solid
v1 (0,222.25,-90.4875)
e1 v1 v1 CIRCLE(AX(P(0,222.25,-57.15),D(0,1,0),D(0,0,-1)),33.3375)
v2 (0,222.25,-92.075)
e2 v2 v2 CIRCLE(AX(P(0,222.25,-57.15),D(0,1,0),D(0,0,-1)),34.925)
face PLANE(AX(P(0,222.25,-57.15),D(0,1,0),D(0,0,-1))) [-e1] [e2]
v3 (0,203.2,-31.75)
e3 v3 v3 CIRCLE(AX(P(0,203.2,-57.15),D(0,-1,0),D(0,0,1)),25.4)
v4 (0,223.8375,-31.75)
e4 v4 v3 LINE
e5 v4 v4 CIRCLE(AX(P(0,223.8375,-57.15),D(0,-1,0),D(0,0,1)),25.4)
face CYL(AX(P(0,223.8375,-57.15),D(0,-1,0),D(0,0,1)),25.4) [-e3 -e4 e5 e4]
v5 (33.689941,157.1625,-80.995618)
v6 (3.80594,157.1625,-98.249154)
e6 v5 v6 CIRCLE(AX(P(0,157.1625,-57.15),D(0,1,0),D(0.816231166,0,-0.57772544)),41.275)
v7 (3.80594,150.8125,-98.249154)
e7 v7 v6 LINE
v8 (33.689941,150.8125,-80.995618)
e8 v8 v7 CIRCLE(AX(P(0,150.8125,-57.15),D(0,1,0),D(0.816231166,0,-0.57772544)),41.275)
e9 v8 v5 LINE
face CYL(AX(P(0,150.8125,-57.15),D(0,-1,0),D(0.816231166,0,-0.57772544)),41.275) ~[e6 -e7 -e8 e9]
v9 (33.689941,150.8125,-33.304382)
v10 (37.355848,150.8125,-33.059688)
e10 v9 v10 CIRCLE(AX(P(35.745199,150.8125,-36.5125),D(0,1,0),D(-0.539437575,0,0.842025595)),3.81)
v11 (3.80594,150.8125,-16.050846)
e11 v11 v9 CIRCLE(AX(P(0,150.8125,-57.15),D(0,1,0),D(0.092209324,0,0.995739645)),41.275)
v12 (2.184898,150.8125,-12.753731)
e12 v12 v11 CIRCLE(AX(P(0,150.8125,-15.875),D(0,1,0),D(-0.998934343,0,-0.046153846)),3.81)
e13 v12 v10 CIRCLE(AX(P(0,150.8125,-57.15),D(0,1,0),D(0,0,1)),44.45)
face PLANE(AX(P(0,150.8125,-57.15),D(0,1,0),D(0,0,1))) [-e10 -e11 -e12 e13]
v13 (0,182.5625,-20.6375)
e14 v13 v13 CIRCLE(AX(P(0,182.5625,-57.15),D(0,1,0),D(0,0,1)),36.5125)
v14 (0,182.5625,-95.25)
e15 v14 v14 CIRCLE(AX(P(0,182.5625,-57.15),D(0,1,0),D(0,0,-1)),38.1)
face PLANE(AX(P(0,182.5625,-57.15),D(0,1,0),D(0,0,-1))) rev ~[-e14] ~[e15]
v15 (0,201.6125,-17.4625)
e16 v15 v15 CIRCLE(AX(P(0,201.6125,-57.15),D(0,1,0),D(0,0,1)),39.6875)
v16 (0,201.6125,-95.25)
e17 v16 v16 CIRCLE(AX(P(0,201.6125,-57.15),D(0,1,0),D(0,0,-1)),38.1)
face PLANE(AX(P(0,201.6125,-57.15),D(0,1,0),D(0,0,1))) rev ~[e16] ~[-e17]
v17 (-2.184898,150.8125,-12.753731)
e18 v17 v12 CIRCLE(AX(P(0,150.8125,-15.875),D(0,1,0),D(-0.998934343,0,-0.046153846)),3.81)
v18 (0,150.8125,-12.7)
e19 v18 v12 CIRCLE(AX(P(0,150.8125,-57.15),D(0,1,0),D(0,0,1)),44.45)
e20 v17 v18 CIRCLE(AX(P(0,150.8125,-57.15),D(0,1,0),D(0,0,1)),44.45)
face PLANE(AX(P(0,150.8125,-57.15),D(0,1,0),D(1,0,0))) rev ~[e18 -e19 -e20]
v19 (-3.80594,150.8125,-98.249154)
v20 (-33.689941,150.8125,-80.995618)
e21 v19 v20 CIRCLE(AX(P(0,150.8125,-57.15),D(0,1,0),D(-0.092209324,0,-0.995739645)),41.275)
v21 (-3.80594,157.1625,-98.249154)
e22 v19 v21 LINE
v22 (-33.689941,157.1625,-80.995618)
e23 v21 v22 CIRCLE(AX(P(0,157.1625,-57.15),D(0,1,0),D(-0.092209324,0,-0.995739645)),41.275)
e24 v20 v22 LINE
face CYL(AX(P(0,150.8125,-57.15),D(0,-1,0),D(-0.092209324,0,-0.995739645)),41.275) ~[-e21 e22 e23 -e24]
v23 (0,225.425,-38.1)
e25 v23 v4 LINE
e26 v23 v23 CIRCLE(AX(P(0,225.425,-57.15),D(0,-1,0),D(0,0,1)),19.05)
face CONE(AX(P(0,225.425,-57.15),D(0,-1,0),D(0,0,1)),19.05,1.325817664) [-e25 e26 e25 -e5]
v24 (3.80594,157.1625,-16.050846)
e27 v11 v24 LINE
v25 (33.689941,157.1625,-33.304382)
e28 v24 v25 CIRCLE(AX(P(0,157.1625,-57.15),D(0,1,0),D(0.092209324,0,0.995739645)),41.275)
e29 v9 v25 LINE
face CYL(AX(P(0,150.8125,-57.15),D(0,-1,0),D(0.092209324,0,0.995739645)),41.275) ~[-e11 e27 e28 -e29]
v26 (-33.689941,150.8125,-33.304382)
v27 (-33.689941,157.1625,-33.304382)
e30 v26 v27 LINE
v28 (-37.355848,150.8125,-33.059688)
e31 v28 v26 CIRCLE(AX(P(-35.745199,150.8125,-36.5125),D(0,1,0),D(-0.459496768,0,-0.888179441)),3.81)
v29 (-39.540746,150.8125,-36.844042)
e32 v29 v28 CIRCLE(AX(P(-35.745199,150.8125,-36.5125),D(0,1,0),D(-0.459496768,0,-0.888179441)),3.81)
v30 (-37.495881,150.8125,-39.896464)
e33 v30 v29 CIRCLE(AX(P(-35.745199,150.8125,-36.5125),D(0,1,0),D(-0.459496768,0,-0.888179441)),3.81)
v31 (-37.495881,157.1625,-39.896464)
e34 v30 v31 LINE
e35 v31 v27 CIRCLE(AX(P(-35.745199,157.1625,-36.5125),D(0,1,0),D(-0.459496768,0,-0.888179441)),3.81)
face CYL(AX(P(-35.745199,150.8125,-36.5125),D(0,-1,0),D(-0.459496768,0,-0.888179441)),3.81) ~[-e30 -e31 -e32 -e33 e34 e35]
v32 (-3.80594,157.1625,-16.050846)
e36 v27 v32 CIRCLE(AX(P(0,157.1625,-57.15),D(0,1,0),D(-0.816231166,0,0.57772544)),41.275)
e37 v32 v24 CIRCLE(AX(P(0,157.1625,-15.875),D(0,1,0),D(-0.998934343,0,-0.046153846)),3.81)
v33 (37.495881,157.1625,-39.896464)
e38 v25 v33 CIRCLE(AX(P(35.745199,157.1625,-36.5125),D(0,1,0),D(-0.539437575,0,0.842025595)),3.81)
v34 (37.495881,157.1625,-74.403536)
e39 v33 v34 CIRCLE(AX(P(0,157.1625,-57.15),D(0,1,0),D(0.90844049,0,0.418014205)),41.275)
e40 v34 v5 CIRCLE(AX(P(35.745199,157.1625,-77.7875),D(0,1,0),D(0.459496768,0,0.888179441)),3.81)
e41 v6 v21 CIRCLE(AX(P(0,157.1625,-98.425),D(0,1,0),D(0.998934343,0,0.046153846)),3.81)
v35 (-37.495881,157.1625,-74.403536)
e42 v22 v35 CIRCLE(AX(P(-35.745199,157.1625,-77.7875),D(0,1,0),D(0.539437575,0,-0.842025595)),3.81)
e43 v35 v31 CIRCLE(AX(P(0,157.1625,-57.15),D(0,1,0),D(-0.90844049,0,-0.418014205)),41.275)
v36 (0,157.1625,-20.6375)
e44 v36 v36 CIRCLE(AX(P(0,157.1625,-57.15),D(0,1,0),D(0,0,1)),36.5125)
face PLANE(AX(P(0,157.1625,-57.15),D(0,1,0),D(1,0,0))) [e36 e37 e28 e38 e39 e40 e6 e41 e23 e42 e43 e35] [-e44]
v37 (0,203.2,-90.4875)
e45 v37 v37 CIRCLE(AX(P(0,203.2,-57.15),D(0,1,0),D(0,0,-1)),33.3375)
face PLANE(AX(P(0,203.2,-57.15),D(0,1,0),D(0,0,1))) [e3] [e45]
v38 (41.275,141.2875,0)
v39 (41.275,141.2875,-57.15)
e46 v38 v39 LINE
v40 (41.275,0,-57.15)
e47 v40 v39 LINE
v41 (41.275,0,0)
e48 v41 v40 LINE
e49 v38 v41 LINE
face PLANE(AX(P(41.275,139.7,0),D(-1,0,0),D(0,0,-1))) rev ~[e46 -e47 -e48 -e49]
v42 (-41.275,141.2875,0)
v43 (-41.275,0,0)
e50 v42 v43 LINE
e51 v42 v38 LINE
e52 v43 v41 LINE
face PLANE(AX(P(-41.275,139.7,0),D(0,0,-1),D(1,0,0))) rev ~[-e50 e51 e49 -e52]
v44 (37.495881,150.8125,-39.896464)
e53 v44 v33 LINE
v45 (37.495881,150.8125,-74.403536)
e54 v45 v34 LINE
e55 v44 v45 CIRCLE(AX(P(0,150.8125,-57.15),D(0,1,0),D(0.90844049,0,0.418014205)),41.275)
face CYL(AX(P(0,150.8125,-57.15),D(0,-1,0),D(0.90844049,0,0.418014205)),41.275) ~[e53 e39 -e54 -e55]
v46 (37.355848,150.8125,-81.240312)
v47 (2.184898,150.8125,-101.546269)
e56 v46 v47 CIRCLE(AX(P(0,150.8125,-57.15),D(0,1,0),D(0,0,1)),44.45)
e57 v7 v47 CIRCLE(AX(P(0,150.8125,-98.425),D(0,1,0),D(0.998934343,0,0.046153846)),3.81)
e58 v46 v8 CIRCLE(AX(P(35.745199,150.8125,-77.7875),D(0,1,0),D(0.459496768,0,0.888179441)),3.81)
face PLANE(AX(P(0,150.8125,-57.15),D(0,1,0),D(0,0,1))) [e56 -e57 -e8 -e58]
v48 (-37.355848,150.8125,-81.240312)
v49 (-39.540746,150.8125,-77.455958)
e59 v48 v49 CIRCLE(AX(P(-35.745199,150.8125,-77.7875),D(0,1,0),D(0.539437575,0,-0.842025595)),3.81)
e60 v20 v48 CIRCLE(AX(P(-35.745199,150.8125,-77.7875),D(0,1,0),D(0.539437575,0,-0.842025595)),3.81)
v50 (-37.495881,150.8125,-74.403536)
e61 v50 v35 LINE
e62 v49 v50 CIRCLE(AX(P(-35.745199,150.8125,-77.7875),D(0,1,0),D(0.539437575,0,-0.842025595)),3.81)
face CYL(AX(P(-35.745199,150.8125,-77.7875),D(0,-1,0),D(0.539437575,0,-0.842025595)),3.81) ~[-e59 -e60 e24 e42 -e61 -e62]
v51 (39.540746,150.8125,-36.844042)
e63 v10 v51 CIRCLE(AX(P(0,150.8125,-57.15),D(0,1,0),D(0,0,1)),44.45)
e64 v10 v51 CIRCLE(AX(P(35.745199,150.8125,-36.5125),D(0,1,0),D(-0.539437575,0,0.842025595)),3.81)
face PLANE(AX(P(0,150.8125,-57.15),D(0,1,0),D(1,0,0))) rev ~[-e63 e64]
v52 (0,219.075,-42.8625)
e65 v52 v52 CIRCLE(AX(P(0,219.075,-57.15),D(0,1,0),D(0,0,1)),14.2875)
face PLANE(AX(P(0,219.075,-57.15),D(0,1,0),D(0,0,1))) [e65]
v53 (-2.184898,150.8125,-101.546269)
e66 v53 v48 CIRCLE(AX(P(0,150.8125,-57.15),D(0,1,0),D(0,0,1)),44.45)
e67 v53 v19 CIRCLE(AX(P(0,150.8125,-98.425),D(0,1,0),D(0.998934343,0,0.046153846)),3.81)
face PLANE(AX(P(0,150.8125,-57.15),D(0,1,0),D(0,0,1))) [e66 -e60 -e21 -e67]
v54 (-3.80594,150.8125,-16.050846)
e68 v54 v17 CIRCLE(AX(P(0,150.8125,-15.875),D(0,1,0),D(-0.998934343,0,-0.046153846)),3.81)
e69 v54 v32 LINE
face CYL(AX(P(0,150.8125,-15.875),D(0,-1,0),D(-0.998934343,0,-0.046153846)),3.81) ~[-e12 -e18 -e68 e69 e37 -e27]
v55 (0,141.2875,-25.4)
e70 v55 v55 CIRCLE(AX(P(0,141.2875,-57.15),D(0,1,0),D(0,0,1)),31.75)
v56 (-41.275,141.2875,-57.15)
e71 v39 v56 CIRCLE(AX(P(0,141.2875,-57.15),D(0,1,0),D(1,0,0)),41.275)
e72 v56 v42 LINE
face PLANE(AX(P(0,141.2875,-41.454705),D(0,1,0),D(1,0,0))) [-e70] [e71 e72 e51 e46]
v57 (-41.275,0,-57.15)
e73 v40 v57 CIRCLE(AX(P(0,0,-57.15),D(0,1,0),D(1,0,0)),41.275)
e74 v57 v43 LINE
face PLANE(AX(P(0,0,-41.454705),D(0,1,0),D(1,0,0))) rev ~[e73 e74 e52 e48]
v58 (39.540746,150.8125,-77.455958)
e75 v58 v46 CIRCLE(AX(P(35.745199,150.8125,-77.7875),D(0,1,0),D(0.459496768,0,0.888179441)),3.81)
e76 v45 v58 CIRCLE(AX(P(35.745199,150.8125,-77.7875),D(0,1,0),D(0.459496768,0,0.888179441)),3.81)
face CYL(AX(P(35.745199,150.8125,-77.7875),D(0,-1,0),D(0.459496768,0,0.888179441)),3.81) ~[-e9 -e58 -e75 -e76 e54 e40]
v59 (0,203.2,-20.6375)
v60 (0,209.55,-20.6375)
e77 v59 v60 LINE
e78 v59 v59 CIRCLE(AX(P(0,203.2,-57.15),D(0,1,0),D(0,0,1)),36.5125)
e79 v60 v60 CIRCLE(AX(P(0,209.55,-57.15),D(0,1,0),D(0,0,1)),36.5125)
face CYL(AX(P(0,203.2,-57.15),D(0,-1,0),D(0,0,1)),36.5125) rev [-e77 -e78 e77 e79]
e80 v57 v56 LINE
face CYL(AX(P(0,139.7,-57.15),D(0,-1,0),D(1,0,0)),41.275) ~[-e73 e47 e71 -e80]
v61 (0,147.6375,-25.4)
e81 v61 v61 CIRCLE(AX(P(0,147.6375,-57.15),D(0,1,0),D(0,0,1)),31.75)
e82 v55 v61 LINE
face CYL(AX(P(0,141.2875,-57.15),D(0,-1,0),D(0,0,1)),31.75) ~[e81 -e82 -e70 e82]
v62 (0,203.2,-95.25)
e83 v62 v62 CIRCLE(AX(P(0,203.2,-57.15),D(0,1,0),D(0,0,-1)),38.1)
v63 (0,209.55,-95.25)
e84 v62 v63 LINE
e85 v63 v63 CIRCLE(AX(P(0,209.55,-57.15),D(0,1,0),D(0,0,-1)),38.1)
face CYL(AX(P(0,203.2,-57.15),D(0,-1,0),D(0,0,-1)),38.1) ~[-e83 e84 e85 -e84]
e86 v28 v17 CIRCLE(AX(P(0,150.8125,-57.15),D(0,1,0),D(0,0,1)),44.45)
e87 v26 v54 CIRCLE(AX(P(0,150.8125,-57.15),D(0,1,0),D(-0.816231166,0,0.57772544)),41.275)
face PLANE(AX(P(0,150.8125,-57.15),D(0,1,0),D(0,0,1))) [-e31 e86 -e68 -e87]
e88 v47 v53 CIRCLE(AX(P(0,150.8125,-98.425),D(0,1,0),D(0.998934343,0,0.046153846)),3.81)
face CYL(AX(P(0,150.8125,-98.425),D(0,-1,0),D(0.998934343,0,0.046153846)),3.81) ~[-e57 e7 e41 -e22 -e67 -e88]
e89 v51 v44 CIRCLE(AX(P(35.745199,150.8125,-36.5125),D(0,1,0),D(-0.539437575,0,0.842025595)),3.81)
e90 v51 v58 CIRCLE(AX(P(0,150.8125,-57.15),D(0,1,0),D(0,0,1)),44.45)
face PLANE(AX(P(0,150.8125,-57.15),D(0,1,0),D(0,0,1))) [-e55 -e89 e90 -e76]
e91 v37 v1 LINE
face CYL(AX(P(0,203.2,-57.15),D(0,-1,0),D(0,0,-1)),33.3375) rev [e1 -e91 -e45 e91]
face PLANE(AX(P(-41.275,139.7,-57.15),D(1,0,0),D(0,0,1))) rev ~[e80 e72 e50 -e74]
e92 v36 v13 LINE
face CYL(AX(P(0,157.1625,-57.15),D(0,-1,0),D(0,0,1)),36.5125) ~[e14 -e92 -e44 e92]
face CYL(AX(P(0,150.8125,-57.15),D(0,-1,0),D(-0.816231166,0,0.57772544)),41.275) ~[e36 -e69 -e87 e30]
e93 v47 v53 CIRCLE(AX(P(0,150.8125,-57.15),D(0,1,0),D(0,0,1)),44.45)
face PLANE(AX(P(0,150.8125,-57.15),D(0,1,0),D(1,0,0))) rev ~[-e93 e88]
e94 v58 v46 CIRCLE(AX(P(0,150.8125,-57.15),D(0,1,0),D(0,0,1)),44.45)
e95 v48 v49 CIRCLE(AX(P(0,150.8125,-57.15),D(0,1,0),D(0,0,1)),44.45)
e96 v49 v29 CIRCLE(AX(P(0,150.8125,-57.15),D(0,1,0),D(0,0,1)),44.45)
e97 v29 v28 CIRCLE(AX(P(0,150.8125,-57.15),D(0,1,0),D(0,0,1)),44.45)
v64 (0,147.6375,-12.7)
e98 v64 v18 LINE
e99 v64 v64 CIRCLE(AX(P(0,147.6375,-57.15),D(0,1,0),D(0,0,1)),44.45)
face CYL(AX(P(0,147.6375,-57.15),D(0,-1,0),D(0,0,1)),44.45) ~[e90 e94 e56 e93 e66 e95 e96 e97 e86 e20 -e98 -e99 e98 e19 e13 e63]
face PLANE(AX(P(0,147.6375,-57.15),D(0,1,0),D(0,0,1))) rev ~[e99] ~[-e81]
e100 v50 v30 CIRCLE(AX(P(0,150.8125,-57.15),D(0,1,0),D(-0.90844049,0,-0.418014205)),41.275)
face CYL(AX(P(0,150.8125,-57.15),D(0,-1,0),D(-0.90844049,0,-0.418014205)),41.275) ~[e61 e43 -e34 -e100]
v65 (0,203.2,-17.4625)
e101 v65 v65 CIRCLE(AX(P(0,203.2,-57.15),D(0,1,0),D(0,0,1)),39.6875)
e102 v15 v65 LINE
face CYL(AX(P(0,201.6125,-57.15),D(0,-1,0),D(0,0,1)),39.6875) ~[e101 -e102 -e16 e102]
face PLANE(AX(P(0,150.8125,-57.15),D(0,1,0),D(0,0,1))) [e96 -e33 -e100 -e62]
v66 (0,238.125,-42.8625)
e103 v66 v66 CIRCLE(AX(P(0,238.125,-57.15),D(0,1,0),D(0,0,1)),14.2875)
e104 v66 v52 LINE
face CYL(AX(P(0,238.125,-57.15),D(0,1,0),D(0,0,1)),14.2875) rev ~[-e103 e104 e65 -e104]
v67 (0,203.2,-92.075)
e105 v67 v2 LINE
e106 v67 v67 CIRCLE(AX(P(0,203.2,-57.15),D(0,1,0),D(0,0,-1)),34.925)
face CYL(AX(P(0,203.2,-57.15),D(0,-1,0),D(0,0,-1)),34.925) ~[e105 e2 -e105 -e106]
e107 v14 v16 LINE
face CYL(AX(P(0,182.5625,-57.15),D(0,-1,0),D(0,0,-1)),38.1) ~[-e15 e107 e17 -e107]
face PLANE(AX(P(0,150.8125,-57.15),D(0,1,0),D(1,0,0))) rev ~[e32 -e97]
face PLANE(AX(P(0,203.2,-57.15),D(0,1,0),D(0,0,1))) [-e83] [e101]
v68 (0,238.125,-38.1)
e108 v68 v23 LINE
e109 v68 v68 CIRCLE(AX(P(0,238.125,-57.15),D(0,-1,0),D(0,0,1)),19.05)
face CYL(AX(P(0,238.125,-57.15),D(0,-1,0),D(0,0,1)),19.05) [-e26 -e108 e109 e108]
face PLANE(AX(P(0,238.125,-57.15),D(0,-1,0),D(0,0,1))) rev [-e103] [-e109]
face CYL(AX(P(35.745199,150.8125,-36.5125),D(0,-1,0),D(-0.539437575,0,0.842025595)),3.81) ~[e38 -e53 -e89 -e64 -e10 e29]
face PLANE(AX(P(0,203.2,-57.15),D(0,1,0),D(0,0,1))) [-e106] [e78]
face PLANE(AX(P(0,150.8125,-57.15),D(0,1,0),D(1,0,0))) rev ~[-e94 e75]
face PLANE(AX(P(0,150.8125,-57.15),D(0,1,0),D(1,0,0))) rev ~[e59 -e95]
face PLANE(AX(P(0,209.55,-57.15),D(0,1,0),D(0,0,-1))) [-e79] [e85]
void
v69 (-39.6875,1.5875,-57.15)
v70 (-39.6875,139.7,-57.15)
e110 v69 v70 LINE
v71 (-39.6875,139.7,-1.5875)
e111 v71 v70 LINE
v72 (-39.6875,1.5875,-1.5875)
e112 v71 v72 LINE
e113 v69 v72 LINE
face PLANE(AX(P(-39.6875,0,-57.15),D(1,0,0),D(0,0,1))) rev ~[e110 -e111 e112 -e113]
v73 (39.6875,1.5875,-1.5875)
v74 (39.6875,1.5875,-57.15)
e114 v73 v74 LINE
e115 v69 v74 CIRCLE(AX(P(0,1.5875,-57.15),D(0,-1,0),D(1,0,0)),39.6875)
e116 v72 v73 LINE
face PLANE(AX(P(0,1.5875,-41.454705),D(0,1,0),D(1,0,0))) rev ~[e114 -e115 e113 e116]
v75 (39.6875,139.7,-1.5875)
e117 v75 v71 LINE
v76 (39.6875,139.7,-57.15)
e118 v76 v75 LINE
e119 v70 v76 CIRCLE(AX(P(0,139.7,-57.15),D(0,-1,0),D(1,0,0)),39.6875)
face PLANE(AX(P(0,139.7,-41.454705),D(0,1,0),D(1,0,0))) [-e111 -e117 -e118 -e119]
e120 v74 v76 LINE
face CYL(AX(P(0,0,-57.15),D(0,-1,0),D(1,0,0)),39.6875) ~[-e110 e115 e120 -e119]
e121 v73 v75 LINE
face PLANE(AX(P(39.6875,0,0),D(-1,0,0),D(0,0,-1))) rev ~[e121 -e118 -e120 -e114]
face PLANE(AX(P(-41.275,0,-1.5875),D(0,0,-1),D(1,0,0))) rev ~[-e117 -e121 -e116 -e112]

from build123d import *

# Parameters (mm, degrees)
BOSS_EXTRUDE1_DEPTH  = 139.7
SHELL1_T             = -1.5875
BOSS_EXTRUDE2_DEPTH  = 1.5875
SKETCH3_R            = 31.75
BOSS_EXTRUDE3_DEPTH  = 6.35
SKETCH4_R            = 44.45
BOSS_EXTRUDE4_DEPTH  = 3.175
BOSS_EXTRUDE5_DEPTH  = 6.35
SKETCH6_R            = 36.5125
BOSS_EXTRUDE6_DEPTH  = 25.4
SKETCH8_R            = 38.1
BOSS_EXTRUDE7_DEPTH  = 19.05
SKETCH9_R            = 39.6875
BOSS_EXTRUDE8_DEPTH  = 1.5875
SKETCH10_R           = 38.1
SKETCH10_R_2         = 36.5125
BOSS_EXTRUDE9_DEPTH  = 6.35
SKETCH12_R           = 34.925
SKETCH12_R_2         = 33.3375
BOSS_EXTRUDE10_DEPTH = 19.05
SKETCH15_R           = 14.2875
CUT_EXTRUDE1_DEPTH   = 19.05


with BuildPart() as part:
    # Sketch1 → Boss-Extrude1 (new body)
    with BuildSketch(Plane(origin=(0, 0, 0), x_dir=(1, 0, 0), z_dir=(0, 1, 0))):
        with BuildLine():
            Line((-41.275, 0), (41.275, 0))
            Line((41.275, 0), (41.275, 57.15))
            ThreePointArc((41.275, 57.15), (0, 98.425), (-41.275, 57.15))
            Line((-41.275, 57.15), (-41.275, 0))
        make_face()
    extrude(amount=BOSS_EXTRUDE1_DEPTH)

    # Shell1
    shell1_openings = [part.faces().sort_by_distance(p)[0] for p in [
        (0, 139.7, -45.257423889),
    ]]
    offset(amount=SHELL1_T, openings=shell1_openings, kind=Kind.INTERSECTION)

    # Sketch2 → Boss-Extrude2 (add)
    with BuildSketch(Plane(origin=(0, 139.7, 0), x_dir=(1, 0, 0), z_dir=(0, 1, 0))):
        with BuildLine():
            Line((41.275, 0), (41.275, 57.15))
            ThreePointArc((41.275, 57.15), (0, 98.425), (-41.275, 57.15))
            Line((-41.275, 57.15), (-41.275, 0))
            Line((-41.275, 0), (41.275, 0))
        make_face()
    extrude(amount=BOSS_EXTRUDE2_DEPTH)

    # Sketch3 → Boss-Extrude3 (add)
    with BuildSketch(Plane(origin=(0, 141.2875, 0), x_dir=(1, 0, 0), z_dir=(0, 1, 0))):
        with Locations(Location((0, 57.15, 0), (0, 0, 270))):
            Circle(SKETCH3_R)
    extrude(amount=BOSS_EXTRUDE3_DEPTH)

    # Sketch4 → Boss-Extrude4 (add)
    with BuildSketch(Plane(origin=(0, 147.6375, 0), x_dir=(1, 0, 0), z_dir=(0, 1, 0))):
        with Locations(Location((0, 57.15, 0), (0, 0, 270))):
            Circle(SKETCH4_R)
    extrude(amount=BOSS_EXTRUDE4_DEPTH)

    # Sketch5 → Boss-Extrude5 (add)
    with BuildSketch(Plane(origin=(0, 150.8125, 0), x_dir=(1, 0, 0), z_dir=(0, 1, 0))):
        with BuildLine():
            ThreePointArc((-3.805939848, 98.249153846), (-20.6375, 92.895198541), (-33.689941381, 80.995617517))
            ThreePointArc((-33.689941381, 80.995617517), (-39.04475533, 79.6925), (-37.495881229, 74.403536329))
            ThreePointArc((-37.495881229, 74.403536329), (-41.275, 57.15), (-37.495881229, 39.896463671))
            ThreePointArc((-37.495881229, 39.896463671), (-39.04475533, 34.6075), (-33.689941381, 33.304382483))
            ThreePointArc((-33.689941381, 33.304382483), (-20.6375, 21.404801459), (-3.805939848, 16.050846154))
            ThreePointArc((-3.805939848, 16.050846154), (0, 12.065), (3.805939848, 16.050846154))
            ThreePointArc((3.805939848, 16.050846154), (20.6375, 21.404801459), (33.689941381, 33.304382483))
            ThreePointArc((33.689941381, 33.304382483), (39.04475533, 34.6075), (37.495881229, 39.896463671))
            ThreePointArc((37.495881229, 39.896463671), (41.275, 57.15), (37.495881229, 74.403536329))
            ThreePointArc((37.495881229, 74.403536329), (39.04475533, 79.6925), (33.689941381, 80.995617517))
            ThreePointArc((33.689941381, 80.995617517), (20.6375, 92.895198541), (3.805939848, 98.249153846))
            ThreePointArc((3.805939848, 98.249153846), (0, 102.235), (-3.805939848, 98.249153846))
        make_face()
    extrude(amount=BOSS_EXTRUDE5_DEPTH)

    # Sketch6 → Boss-Extrude6 (add)
    with BuildSketch(Plane(origin=(0, 157.1625, 0), x_dir=(1, 0, 0), z_dir=(0, 1, 0))):
        with Locations(Location((0, 57.15, 0), (0, 0, 270))):
            Circle(SKETCH6_R)
    extrude(amount=BOSS_EXTRUDE6_DEPTH)

    # Sketch8 → Boss-Extrude7 (add)
    with BuildSketch(Plane(origin=(0, 182.5625, 0), x_dir=(1, 0, 0), z_dir=(0, 1, 0))):
        with Locations(Location((0, 57.15, 0), (0, 0, 90))):
            Circle(SKETCH8_R)
    extrude(amount=BOSS_EXTRUDE7_DEPTH)

    # Sketch9 → Boss-Extrude8 (add)
    with BuildSketch(Plane(origin=(0, 201.6125, 0), x_dir=(1, 0, 0), z_dir=(0, 1, 0))):
        with Locations(Location((0, 57.15, 0), (0, 0, 270))):
            Circle(SKETCH9_R)
    extrude(amount=BOSS_EXTRUDE8_DEPTH)

    # Sketch10 → Boss-Extrude9 (add)
    with BuildSketch(Plane(origin=(0, 203.2, 0), x_dir=(1, 0, 0), z_dir=(0, 1, 0))):
        with Locations(Location((0, 57.15, 0), (0, 0, 90))):
            Circle(SKETCH10_R)
        with Locations(Location((0, 57.15, 0), (0, 0, 270))):
            Circle(SKETCH10_R_2, mode=Mode.SUBTRACT)
    extrude(amount=BOSS_EXTRUDE9_DEPTH)

    # Sketch12 → Boss-Extrude10 (add)
    with BuildSketch(Plane(origin=(0, 203.2, 0), x_dir=(1, 0, 0), z_dir=(0, 1, 0))):
        with Locations(Location((0, 57.15, 0), (0, 0, 90))):
            Circle(SKETCH12_R)
        with Locations(Location((0, 57.15, 0), (0, 0, 90))):
            Circle(SKETCH12_R_2, mode=Mode.SUBTRACT)
    extrude(amount=BOSS_EXTRUDE10_DEPTH)

    # Sketch14 → Revolve1 (revolve)
    with BuildSketch(Plane(origin=(0, 0, 0), x_dir=(0, 0, -1), z_dir=(1, 0, 0)), mode=Mode.PRIVATE) as revolve1_sk:
        Polygon((57.15, 238.125), (76.2, 238.125), (76.2, 225.425), (82.55, 223.8375), (82.55, 203.2), (57.15, 203.2), align=None)
    revolve(revolve1_sk.sketch.rotate(Axis((0, 235.492882867, -57.15), (0, -1, 0)), 180), axis=Axis((0, 235.492882867, -57.15), (0, -1, 0)))

    # Sketch15 → Cut-Extrude1 (cut)
    with BuildSketch(Plane(origin=(0, 238.125, 0), x_dir=(1, 0, 0), z_dir=(0, 1, 0))):
        with Locations(Location((0, 57.15, 0), (0, 0, 270))):
            Circle(SKETCH15_R)
    extrude(amount=-CUT_EXTRUDE1_DEPTH, mode=Mode.SUBTRACT)


solid = part.part
